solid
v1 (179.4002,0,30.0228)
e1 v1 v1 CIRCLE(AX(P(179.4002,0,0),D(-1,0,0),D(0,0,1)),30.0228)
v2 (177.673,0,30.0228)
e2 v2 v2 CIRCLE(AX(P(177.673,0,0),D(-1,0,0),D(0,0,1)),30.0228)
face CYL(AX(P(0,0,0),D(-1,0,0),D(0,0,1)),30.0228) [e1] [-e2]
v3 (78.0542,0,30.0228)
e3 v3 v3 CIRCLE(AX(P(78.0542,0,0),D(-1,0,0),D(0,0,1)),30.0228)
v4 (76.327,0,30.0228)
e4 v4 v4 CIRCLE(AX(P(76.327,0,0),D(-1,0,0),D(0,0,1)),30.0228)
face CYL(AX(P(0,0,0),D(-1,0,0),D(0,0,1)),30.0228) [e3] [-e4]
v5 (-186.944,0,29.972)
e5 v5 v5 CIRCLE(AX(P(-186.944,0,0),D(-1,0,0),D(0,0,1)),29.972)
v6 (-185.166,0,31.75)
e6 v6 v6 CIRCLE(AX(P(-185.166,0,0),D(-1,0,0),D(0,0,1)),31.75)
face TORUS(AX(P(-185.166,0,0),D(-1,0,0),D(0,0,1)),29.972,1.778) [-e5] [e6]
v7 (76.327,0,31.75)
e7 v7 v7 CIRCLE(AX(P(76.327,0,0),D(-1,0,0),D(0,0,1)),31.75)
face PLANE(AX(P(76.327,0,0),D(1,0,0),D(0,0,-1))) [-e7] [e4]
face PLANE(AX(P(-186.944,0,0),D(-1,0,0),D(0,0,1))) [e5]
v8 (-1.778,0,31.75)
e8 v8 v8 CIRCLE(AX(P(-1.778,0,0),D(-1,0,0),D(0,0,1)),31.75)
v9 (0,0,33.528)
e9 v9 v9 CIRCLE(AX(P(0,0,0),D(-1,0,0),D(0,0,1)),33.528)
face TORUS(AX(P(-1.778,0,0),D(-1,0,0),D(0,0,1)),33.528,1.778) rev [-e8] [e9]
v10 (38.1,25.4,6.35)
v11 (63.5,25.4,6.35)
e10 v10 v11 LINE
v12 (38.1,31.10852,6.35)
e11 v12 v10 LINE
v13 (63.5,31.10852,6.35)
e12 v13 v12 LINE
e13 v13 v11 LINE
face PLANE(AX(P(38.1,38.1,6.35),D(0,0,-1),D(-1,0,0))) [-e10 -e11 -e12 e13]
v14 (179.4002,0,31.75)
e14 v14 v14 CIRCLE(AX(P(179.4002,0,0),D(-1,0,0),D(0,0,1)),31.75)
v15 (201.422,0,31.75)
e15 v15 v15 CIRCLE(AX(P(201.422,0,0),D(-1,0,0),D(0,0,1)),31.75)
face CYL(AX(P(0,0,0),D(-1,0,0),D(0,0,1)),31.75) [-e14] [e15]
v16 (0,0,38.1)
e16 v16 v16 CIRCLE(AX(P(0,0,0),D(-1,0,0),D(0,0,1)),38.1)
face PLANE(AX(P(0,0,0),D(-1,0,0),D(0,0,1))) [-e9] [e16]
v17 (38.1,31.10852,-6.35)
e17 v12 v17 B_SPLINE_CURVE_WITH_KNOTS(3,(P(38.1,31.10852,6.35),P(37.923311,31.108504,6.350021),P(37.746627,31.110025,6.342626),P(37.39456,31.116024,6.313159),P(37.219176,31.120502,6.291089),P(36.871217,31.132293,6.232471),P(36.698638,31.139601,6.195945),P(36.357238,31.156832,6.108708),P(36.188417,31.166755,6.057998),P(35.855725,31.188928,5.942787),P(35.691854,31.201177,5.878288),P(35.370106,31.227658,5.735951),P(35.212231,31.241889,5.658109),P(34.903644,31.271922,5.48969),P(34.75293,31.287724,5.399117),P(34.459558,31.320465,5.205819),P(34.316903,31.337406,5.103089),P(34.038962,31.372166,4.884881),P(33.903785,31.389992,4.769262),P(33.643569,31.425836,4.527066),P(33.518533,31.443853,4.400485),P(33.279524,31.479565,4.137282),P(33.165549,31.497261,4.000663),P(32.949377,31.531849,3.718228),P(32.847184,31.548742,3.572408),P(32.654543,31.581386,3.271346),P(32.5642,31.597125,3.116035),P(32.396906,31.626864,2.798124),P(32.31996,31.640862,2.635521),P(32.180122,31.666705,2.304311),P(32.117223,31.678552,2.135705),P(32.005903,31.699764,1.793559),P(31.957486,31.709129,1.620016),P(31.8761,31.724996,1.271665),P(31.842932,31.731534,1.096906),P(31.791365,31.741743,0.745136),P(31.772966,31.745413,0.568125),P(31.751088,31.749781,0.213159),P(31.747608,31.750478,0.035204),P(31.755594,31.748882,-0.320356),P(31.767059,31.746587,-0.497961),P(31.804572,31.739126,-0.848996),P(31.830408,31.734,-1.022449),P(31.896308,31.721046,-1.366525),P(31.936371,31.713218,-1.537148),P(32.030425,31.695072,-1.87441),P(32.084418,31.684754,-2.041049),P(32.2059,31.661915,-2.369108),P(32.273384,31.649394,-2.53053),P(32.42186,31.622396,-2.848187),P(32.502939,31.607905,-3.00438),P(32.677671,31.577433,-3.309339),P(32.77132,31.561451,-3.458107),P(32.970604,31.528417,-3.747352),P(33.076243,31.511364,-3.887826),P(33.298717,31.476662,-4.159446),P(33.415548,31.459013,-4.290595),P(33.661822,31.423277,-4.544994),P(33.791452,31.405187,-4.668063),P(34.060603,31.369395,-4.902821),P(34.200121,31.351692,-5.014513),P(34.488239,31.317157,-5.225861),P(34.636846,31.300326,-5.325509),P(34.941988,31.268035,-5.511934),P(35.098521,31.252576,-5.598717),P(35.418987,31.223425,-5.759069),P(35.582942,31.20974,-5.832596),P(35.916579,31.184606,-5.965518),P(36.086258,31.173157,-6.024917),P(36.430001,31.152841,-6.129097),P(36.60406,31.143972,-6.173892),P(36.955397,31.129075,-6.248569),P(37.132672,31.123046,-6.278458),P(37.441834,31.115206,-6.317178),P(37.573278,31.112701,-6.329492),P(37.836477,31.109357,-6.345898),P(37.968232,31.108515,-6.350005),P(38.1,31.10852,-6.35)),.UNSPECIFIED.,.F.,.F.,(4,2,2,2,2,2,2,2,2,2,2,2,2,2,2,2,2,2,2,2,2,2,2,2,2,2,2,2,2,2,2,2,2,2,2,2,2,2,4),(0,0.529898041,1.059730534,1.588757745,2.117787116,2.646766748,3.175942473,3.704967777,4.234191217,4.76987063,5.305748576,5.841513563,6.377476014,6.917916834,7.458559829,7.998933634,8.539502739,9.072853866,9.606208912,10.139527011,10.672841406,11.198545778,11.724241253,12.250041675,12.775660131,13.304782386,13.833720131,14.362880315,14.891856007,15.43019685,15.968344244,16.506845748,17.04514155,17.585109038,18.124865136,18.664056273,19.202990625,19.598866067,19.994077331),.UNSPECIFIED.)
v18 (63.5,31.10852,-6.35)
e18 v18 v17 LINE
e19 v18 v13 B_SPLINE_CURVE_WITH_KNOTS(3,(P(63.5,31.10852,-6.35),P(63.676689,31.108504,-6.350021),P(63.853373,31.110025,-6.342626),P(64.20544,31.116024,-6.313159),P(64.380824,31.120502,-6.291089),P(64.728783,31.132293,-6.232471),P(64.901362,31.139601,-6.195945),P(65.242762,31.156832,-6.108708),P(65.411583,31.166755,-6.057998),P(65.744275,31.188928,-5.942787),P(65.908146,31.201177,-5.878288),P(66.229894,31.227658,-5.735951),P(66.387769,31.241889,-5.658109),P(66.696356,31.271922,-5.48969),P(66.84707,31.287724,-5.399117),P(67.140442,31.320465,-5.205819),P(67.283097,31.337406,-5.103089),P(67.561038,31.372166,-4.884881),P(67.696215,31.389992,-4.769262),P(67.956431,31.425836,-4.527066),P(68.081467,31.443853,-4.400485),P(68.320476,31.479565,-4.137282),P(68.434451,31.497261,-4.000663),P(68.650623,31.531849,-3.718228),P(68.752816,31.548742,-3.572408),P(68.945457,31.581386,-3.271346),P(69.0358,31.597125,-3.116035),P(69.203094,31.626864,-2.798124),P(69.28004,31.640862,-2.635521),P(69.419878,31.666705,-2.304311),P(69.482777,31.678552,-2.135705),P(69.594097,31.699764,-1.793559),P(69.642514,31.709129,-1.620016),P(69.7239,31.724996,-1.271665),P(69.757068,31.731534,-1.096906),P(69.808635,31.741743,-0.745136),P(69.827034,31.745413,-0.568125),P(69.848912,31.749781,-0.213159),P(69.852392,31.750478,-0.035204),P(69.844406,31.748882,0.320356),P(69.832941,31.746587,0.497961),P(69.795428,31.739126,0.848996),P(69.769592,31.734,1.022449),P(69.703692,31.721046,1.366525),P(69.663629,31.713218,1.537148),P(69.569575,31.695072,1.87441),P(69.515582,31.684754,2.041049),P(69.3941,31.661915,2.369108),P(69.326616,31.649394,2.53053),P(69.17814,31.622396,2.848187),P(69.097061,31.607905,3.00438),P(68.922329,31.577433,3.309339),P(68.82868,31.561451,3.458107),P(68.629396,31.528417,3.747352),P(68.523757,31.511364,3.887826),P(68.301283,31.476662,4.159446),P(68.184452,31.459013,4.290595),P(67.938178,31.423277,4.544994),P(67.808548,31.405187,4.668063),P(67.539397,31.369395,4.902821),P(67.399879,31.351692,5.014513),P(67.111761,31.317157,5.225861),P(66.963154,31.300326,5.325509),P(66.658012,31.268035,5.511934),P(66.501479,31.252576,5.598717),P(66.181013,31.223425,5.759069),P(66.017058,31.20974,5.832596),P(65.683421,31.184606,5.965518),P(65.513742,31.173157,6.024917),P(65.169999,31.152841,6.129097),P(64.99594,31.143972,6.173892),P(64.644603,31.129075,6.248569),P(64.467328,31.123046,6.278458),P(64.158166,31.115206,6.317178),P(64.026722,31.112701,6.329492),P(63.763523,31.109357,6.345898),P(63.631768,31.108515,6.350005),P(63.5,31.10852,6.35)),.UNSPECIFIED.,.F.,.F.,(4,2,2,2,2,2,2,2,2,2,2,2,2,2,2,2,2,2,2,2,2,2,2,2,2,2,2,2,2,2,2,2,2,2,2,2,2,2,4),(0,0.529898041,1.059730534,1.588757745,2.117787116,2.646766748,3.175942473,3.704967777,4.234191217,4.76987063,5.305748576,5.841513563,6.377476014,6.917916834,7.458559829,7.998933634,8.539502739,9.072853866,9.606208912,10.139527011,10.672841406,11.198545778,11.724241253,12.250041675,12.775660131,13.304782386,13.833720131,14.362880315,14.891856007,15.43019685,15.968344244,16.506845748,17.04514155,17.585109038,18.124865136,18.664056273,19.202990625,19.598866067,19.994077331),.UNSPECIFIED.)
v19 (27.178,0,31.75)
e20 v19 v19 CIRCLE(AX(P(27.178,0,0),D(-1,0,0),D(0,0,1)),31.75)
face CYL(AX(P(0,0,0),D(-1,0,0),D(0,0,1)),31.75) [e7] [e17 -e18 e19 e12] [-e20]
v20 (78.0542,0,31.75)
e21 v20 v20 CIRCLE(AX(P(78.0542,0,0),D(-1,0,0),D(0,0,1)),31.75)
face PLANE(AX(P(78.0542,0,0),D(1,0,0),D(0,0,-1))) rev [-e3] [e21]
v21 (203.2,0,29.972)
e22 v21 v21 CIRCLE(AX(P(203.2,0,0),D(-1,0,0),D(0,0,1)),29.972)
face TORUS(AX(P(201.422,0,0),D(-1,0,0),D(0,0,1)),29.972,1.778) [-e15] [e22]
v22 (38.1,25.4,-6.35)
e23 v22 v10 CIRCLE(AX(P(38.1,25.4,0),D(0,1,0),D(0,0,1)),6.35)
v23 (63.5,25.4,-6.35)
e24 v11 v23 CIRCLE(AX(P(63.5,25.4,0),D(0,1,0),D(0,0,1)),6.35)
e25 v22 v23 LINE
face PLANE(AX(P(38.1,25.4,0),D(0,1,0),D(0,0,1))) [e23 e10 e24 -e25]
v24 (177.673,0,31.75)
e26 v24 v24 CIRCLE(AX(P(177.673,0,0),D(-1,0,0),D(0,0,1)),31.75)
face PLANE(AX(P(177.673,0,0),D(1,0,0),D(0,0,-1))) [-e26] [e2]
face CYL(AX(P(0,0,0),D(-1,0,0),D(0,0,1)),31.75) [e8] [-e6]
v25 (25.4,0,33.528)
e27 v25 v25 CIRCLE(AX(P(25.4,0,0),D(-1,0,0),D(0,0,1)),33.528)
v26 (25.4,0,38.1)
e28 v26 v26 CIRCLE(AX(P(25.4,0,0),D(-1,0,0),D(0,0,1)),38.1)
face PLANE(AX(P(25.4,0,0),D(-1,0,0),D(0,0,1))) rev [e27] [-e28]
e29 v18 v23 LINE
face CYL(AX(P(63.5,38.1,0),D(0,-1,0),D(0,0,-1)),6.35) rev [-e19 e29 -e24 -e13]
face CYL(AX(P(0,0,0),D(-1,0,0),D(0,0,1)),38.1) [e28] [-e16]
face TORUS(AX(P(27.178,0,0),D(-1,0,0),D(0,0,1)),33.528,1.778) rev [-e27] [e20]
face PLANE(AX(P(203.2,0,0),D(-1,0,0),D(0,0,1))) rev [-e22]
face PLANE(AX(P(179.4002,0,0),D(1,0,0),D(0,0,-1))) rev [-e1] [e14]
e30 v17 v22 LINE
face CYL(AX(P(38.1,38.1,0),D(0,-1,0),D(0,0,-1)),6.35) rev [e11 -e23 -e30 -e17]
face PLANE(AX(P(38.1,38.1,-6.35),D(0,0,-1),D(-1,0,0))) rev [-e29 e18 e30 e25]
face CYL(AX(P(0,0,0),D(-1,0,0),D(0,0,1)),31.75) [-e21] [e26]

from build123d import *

# Parameters (mm, degrees)
CUT_EXTRUDE1_START = 25.4
CUT_EXTRUDE1_DEPTH = 185.822406037


with BuildPart() as part:
    # Sketch1 → Revolve1 (revolve)
    with BuildSketch(Plane(origin=(0, 0, 0), x_dir=(1, 0, 0), z_dir=(0, 1, 0))):
        with BuildLine():
            Line((-186.944, 0), (0, 0))
            Line((0, 0), (203.2, 0))
            Line((203.2, 0), (203.2, 29.972))
            ThreePointArc((203.2, 29.972), (202.679235857, 31.229235857), (201.422, 31.75))
            Line((201.422, 31.75), (179.4002, 31.75))
            Line((179.4002, 31.75), (179.4002, 30.0228))
            Line((179.4002, 30.0228), (177.673, 30.0228))
            Line((177.673, 30.0228), (177.673, 31.75))
            Line((177.673, 31.75), (78.0542, 31.75))
            Line((78.0542, 31.75), (78.0542, 30.0228))
            Line((78.0542, 30.0228), (76.327, 30.0228))
            Line((76.327, 30.0228), (76.327, 31.75))
            Line((76.327, 31.75), (27.178, 31.75))
            ThreePointArc((27.178, 31.75), (25.920764143, 32.270764143), (25.4, 33.528))
            Line((25.4, 33.528), (25.4, 38.1))
            Line((25.4, 38.1), (0, 38.1))
            Line((0, 38.1), (0, 33.528))
            ThreePointArc((0, 33.528), (-0.520764143, 32.270764143), (-1.778, 31.75))
            Line((-1.778, 31.75), (-185.166, 31.75))
            ThreePointArc((-185.166, 31.75), (-186.423235857, 31.229235857), (-186.944, 29.972))
            Line((-186.944, 29.972), (-186.944, 0))
        make_face()
    revolve(axis=Axis((0, 0, 0), (1, 0, 0)))

    # Sketch1<4> → Cut-Extrude1 (cut, through all)
    with BuildSketch(Plane(origin=(0, 0, 0), x_dir=(1, 0, 0), z_dir=(0, 1, 0)).offset(CUT_EXTRUDE1_START)):
        with BuildLine():
            Line((38.1, 6.35), (63.5, 6.35))
            ThreePointArc((63.5, 6.35), (69.85, 0), (63.5, -6.35))
            Line((63.5, -6.35), (38.1, -6.35))
            ThreePointArc((38.1, -6.35), (31.75, 0), (38.1, 6.35))
        make_face()
    extrude(amount=CUT_EXTRUDE1_DEPTH, mode=Mode.SUBTRACT)


solid = part.part
